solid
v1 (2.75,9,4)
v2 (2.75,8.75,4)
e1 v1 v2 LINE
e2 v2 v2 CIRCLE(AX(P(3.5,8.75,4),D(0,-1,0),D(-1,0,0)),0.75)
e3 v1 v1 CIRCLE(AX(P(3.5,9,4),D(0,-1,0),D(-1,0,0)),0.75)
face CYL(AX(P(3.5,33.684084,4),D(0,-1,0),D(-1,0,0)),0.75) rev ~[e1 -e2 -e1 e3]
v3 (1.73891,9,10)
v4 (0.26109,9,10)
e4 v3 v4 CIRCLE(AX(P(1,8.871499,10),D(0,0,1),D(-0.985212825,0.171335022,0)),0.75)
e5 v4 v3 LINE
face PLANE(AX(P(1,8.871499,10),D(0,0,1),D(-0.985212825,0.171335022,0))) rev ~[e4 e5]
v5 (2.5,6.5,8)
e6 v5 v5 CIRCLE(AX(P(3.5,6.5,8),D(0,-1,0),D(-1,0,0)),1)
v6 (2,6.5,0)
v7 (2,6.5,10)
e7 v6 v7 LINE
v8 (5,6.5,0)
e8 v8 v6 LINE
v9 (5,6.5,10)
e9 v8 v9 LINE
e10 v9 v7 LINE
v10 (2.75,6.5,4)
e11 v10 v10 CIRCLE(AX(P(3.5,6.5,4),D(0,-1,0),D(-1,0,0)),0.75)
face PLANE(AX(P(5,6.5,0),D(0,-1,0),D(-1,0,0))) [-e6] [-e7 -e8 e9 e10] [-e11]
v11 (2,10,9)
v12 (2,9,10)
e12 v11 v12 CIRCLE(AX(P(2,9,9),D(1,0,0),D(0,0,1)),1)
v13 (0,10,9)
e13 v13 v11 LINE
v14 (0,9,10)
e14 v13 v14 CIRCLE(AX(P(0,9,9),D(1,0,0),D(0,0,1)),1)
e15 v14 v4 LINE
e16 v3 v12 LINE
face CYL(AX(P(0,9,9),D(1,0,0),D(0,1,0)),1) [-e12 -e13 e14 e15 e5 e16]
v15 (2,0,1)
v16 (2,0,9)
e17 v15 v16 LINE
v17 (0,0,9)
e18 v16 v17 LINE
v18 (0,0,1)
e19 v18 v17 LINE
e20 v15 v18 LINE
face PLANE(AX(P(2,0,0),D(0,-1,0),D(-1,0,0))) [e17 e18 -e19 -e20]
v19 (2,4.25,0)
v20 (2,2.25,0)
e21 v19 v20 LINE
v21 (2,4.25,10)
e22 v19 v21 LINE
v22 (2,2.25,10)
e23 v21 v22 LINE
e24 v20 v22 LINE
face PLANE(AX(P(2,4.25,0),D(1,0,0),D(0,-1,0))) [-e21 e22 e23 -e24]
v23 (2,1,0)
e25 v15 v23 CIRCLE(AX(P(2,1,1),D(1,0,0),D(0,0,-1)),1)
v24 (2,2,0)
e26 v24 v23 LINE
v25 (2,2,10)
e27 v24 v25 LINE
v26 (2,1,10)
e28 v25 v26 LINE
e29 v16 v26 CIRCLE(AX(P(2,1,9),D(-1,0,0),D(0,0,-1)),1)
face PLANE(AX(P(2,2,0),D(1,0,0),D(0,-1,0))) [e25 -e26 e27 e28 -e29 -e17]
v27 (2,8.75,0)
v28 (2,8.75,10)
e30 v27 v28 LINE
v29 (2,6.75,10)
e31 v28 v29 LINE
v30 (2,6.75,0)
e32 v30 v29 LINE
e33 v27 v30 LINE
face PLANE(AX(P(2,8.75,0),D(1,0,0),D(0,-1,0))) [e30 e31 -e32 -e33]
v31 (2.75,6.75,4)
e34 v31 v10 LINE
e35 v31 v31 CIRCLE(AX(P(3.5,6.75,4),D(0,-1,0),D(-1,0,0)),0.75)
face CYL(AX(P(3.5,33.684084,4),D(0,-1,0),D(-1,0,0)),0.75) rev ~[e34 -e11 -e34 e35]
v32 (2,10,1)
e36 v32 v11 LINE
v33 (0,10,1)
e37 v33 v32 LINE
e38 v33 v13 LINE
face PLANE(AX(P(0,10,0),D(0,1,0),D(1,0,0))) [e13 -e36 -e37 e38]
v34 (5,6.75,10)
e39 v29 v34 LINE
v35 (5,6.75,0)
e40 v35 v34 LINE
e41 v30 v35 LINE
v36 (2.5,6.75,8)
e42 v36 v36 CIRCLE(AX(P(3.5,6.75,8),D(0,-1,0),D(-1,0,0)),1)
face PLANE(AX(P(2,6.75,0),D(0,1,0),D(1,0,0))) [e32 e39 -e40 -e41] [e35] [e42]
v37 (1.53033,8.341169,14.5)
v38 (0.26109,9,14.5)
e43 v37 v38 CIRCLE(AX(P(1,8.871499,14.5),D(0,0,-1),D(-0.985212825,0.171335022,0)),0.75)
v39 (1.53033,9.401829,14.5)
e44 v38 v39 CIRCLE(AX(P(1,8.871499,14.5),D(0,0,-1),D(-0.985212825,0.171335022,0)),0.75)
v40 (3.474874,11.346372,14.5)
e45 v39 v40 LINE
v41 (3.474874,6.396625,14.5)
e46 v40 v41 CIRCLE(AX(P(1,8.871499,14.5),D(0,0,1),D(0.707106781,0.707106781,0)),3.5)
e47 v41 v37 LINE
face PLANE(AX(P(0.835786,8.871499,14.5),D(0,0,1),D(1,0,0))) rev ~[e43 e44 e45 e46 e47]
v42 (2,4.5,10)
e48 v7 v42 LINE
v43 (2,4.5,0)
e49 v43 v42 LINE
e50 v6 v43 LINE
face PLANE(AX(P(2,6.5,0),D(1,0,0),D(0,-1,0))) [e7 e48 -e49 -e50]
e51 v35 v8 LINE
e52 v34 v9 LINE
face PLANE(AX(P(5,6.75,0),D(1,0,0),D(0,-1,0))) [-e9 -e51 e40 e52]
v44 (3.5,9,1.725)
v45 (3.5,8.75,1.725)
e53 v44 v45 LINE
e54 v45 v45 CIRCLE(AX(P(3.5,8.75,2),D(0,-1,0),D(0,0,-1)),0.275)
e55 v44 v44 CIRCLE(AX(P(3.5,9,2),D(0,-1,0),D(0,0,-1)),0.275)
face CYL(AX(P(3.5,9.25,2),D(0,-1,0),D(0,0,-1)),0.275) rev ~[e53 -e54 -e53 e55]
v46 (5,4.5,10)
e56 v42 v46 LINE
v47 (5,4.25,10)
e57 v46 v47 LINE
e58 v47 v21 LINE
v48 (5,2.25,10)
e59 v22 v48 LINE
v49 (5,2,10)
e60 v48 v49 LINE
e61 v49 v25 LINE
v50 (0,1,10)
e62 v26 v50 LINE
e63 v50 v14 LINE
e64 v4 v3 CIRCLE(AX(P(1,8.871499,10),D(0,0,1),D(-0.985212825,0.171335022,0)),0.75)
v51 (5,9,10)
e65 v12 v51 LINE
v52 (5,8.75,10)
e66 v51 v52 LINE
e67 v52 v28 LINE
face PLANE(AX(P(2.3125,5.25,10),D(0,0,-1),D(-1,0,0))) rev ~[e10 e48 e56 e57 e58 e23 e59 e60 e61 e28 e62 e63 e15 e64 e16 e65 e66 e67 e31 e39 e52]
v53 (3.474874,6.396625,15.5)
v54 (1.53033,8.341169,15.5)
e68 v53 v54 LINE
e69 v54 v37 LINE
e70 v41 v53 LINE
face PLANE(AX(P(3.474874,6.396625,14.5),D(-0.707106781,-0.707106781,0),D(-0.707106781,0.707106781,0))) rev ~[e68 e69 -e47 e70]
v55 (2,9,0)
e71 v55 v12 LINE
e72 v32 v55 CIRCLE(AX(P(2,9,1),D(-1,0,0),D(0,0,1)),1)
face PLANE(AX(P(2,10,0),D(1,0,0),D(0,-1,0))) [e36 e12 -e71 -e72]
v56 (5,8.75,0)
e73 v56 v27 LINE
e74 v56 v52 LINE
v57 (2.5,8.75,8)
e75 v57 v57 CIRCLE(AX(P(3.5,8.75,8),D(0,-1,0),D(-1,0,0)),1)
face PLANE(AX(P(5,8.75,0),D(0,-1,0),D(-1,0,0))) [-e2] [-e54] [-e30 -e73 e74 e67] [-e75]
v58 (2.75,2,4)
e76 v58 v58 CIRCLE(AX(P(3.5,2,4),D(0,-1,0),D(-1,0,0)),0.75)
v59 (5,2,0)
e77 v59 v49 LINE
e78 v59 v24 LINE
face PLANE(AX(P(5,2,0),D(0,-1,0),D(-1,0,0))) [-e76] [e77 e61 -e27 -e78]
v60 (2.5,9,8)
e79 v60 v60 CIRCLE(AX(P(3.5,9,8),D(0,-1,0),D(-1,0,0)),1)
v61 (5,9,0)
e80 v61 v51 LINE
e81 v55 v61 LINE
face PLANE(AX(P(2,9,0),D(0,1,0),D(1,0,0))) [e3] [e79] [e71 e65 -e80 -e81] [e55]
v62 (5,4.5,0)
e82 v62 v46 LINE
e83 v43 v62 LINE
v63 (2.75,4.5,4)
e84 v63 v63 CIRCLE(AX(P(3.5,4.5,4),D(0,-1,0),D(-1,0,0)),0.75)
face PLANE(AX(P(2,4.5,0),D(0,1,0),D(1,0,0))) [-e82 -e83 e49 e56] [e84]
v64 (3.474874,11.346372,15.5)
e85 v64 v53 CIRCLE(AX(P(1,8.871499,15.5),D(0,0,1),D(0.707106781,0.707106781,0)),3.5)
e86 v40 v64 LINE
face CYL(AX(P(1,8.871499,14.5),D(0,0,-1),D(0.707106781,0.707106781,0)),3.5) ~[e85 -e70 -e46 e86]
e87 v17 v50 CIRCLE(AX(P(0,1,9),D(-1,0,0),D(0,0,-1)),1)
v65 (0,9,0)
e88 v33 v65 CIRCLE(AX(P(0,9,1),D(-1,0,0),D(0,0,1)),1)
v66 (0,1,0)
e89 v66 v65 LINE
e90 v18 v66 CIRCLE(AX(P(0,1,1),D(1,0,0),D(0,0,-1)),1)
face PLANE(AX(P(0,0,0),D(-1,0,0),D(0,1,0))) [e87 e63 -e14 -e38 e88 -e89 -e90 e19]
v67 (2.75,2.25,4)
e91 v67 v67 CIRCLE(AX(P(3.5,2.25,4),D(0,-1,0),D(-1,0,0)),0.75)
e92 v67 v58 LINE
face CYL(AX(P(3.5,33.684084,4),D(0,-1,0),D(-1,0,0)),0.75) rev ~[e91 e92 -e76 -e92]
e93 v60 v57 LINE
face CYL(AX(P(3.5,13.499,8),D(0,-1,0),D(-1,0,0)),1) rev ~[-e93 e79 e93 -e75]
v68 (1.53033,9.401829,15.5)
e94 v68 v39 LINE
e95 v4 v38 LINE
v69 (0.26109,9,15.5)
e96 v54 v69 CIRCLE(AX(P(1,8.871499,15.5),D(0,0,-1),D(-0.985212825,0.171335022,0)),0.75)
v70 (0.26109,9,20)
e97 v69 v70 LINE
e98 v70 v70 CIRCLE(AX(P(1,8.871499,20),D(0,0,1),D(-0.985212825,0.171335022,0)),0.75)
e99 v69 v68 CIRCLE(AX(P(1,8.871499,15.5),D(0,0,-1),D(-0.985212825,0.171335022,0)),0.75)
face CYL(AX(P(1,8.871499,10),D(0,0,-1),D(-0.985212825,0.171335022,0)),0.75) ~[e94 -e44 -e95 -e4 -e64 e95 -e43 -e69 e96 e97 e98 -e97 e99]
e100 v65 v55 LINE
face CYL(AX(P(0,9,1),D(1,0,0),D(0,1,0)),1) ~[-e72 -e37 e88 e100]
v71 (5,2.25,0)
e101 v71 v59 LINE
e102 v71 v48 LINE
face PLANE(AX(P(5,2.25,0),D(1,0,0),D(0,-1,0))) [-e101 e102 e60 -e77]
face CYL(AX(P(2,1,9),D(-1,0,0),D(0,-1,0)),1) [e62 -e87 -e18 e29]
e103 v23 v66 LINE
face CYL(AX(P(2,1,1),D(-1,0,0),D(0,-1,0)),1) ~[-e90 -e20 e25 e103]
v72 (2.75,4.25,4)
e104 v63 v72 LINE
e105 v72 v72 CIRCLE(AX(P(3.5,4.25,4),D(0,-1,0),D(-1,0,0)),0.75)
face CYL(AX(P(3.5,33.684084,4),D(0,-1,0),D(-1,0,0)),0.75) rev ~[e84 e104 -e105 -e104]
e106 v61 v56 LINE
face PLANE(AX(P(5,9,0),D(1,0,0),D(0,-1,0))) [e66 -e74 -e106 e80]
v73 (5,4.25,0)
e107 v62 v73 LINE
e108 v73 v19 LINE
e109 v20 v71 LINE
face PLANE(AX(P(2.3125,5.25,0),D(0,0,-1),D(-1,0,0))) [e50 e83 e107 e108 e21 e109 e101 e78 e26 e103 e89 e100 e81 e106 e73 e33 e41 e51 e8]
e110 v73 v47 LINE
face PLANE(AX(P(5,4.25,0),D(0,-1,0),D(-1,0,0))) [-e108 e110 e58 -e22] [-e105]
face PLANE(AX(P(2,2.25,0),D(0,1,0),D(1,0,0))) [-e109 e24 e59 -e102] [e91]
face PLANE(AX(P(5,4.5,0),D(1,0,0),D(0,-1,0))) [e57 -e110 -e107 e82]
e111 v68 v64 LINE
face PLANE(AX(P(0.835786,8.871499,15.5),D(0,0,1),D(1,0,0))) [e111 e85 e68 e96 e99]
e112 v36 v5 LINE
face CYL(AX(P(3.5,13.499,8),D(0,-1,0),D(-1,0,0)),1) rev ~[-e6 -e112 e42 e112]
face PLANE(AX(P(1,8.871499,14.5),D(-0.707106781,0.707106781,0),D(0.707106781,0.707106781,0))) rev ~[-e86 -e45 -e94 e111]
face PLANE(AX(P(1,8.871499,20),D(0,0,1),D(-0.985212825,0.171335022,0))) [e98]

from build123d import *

# Parameters (mm, degrees)
BOSS_EXTRUDE1_DEPTH              = 10
FILLET1_R                        = 1
SKETCH2_R                        = 0.75
BOSS_EXTRUDE2_DEPTH              = 10
BOSS_EXTRUDE3_DEPTH              = 1
F_0_55_0_55_DIAMETER_HOLE1_D     = 0.55
F_0_55_0_55_DIAMETER_HOLE1_DEPTH = 0.25
F_1_5_1_5_DIAMETER_HOLE1_D       = 1.5
F_2_0MM_DOWEL_HOLE1_D            = 2
F_2_0MM_DOWEL_HOLE1_DEPTH        = 4.499


with BuildPart() as part:
    # Sketch1 → Boss-Extrude1 (new body)
    with BuildSketch(Plane.XY):
        Polygon((0, 0), (0, 10), (2, 10), (2, 9), (5, 9), (5, 8.75), (2, 8.75), (2, 6.75), (5, 6.75), (5, 6.5), (2, 6.5), (2, 4.5), (5, 4.5), (5, 4.25), (2, 4.25), (2, 2.25), (5, 2.25), (5, 2), (2, 2), (2, 0), align=None)
    extrude(amount=BOSS_EXTRUDE1_DEPTH)

    # Fillet1
    fillet1_edges = [part.edges().sort_by_distance(p)[0] for p in [
        (1, 10, 0),
        (1, 0, 0),
        (1, 0, 10),
        (1, 10, 10),
    ]]
    fillet(fillet1_edges, radius=FILLET1_R)

    # Sketch2 → Boss-Extrude2 (add)
    with BuildSketch(Plane.XY.offset(10)):
        with Locations(Location((1, 8.871498734, 0), (0, 0, 170.134550894))):
            Circle(SKETCH2_R)
    extrude(amount=BOSS_EXTRUDE2_DEPTH)

    # Sketch3 → Boss-Extrude3 (add)
    with BuildSketch(Plane.XY.offset(14.5)):
        with BuildLine():
            Line((1, 8.871498734), (3.474873734, 11.346372468))
            ThreePointArc((3.474873734, 11.346372468), (-2.5, 8.871498734), (3.474873734, 6.396625))
            Line((3.474873734, 6.396625), (1, 8.871498734))
        make_face()
    extrude(amount=BOSS_EXTRUDE3_DEPTH)

    # Ø0.55 (0.55) Diameter Hole1
    with Locations(Plane(origin=(3.5, 9, 2), x_dir=(0, 0, 1), z_dir=(0, 1, 0))):
        with Locations((0, 0)):
            Hole(F_0_55_0_55_DIAMETER_HOLE1_D / 2, depth=F_0_55_0_55_DIAMETER_HOLE1_DEPTH)

    # Ø1.5 (1.5) Diameter Hole1 (through all)
    with Locations(Plane(origin=(0, 9, 0), x_dir=(1, 0, 0), z_dir=(0, 1, 0))):
        with Locations((3.5, -4)):
            Hole(F_1_5_1_5_DIAMETER_HOLE1_D / 2)

    # Ø2.0mm Dowel Hole1
    with Locations(Plane(origin=(0, 9, 0), x_dir=(1, 0, 0), z_dir=(0, 1, 0))):
        with Locations((3.5, -8)):
            Hole(F_2_0MM_DOWEL_HOLE1_D / 2, depth=F_2_0MM_DOWEL_HOLE1_DEPTH)


solid = part.part
